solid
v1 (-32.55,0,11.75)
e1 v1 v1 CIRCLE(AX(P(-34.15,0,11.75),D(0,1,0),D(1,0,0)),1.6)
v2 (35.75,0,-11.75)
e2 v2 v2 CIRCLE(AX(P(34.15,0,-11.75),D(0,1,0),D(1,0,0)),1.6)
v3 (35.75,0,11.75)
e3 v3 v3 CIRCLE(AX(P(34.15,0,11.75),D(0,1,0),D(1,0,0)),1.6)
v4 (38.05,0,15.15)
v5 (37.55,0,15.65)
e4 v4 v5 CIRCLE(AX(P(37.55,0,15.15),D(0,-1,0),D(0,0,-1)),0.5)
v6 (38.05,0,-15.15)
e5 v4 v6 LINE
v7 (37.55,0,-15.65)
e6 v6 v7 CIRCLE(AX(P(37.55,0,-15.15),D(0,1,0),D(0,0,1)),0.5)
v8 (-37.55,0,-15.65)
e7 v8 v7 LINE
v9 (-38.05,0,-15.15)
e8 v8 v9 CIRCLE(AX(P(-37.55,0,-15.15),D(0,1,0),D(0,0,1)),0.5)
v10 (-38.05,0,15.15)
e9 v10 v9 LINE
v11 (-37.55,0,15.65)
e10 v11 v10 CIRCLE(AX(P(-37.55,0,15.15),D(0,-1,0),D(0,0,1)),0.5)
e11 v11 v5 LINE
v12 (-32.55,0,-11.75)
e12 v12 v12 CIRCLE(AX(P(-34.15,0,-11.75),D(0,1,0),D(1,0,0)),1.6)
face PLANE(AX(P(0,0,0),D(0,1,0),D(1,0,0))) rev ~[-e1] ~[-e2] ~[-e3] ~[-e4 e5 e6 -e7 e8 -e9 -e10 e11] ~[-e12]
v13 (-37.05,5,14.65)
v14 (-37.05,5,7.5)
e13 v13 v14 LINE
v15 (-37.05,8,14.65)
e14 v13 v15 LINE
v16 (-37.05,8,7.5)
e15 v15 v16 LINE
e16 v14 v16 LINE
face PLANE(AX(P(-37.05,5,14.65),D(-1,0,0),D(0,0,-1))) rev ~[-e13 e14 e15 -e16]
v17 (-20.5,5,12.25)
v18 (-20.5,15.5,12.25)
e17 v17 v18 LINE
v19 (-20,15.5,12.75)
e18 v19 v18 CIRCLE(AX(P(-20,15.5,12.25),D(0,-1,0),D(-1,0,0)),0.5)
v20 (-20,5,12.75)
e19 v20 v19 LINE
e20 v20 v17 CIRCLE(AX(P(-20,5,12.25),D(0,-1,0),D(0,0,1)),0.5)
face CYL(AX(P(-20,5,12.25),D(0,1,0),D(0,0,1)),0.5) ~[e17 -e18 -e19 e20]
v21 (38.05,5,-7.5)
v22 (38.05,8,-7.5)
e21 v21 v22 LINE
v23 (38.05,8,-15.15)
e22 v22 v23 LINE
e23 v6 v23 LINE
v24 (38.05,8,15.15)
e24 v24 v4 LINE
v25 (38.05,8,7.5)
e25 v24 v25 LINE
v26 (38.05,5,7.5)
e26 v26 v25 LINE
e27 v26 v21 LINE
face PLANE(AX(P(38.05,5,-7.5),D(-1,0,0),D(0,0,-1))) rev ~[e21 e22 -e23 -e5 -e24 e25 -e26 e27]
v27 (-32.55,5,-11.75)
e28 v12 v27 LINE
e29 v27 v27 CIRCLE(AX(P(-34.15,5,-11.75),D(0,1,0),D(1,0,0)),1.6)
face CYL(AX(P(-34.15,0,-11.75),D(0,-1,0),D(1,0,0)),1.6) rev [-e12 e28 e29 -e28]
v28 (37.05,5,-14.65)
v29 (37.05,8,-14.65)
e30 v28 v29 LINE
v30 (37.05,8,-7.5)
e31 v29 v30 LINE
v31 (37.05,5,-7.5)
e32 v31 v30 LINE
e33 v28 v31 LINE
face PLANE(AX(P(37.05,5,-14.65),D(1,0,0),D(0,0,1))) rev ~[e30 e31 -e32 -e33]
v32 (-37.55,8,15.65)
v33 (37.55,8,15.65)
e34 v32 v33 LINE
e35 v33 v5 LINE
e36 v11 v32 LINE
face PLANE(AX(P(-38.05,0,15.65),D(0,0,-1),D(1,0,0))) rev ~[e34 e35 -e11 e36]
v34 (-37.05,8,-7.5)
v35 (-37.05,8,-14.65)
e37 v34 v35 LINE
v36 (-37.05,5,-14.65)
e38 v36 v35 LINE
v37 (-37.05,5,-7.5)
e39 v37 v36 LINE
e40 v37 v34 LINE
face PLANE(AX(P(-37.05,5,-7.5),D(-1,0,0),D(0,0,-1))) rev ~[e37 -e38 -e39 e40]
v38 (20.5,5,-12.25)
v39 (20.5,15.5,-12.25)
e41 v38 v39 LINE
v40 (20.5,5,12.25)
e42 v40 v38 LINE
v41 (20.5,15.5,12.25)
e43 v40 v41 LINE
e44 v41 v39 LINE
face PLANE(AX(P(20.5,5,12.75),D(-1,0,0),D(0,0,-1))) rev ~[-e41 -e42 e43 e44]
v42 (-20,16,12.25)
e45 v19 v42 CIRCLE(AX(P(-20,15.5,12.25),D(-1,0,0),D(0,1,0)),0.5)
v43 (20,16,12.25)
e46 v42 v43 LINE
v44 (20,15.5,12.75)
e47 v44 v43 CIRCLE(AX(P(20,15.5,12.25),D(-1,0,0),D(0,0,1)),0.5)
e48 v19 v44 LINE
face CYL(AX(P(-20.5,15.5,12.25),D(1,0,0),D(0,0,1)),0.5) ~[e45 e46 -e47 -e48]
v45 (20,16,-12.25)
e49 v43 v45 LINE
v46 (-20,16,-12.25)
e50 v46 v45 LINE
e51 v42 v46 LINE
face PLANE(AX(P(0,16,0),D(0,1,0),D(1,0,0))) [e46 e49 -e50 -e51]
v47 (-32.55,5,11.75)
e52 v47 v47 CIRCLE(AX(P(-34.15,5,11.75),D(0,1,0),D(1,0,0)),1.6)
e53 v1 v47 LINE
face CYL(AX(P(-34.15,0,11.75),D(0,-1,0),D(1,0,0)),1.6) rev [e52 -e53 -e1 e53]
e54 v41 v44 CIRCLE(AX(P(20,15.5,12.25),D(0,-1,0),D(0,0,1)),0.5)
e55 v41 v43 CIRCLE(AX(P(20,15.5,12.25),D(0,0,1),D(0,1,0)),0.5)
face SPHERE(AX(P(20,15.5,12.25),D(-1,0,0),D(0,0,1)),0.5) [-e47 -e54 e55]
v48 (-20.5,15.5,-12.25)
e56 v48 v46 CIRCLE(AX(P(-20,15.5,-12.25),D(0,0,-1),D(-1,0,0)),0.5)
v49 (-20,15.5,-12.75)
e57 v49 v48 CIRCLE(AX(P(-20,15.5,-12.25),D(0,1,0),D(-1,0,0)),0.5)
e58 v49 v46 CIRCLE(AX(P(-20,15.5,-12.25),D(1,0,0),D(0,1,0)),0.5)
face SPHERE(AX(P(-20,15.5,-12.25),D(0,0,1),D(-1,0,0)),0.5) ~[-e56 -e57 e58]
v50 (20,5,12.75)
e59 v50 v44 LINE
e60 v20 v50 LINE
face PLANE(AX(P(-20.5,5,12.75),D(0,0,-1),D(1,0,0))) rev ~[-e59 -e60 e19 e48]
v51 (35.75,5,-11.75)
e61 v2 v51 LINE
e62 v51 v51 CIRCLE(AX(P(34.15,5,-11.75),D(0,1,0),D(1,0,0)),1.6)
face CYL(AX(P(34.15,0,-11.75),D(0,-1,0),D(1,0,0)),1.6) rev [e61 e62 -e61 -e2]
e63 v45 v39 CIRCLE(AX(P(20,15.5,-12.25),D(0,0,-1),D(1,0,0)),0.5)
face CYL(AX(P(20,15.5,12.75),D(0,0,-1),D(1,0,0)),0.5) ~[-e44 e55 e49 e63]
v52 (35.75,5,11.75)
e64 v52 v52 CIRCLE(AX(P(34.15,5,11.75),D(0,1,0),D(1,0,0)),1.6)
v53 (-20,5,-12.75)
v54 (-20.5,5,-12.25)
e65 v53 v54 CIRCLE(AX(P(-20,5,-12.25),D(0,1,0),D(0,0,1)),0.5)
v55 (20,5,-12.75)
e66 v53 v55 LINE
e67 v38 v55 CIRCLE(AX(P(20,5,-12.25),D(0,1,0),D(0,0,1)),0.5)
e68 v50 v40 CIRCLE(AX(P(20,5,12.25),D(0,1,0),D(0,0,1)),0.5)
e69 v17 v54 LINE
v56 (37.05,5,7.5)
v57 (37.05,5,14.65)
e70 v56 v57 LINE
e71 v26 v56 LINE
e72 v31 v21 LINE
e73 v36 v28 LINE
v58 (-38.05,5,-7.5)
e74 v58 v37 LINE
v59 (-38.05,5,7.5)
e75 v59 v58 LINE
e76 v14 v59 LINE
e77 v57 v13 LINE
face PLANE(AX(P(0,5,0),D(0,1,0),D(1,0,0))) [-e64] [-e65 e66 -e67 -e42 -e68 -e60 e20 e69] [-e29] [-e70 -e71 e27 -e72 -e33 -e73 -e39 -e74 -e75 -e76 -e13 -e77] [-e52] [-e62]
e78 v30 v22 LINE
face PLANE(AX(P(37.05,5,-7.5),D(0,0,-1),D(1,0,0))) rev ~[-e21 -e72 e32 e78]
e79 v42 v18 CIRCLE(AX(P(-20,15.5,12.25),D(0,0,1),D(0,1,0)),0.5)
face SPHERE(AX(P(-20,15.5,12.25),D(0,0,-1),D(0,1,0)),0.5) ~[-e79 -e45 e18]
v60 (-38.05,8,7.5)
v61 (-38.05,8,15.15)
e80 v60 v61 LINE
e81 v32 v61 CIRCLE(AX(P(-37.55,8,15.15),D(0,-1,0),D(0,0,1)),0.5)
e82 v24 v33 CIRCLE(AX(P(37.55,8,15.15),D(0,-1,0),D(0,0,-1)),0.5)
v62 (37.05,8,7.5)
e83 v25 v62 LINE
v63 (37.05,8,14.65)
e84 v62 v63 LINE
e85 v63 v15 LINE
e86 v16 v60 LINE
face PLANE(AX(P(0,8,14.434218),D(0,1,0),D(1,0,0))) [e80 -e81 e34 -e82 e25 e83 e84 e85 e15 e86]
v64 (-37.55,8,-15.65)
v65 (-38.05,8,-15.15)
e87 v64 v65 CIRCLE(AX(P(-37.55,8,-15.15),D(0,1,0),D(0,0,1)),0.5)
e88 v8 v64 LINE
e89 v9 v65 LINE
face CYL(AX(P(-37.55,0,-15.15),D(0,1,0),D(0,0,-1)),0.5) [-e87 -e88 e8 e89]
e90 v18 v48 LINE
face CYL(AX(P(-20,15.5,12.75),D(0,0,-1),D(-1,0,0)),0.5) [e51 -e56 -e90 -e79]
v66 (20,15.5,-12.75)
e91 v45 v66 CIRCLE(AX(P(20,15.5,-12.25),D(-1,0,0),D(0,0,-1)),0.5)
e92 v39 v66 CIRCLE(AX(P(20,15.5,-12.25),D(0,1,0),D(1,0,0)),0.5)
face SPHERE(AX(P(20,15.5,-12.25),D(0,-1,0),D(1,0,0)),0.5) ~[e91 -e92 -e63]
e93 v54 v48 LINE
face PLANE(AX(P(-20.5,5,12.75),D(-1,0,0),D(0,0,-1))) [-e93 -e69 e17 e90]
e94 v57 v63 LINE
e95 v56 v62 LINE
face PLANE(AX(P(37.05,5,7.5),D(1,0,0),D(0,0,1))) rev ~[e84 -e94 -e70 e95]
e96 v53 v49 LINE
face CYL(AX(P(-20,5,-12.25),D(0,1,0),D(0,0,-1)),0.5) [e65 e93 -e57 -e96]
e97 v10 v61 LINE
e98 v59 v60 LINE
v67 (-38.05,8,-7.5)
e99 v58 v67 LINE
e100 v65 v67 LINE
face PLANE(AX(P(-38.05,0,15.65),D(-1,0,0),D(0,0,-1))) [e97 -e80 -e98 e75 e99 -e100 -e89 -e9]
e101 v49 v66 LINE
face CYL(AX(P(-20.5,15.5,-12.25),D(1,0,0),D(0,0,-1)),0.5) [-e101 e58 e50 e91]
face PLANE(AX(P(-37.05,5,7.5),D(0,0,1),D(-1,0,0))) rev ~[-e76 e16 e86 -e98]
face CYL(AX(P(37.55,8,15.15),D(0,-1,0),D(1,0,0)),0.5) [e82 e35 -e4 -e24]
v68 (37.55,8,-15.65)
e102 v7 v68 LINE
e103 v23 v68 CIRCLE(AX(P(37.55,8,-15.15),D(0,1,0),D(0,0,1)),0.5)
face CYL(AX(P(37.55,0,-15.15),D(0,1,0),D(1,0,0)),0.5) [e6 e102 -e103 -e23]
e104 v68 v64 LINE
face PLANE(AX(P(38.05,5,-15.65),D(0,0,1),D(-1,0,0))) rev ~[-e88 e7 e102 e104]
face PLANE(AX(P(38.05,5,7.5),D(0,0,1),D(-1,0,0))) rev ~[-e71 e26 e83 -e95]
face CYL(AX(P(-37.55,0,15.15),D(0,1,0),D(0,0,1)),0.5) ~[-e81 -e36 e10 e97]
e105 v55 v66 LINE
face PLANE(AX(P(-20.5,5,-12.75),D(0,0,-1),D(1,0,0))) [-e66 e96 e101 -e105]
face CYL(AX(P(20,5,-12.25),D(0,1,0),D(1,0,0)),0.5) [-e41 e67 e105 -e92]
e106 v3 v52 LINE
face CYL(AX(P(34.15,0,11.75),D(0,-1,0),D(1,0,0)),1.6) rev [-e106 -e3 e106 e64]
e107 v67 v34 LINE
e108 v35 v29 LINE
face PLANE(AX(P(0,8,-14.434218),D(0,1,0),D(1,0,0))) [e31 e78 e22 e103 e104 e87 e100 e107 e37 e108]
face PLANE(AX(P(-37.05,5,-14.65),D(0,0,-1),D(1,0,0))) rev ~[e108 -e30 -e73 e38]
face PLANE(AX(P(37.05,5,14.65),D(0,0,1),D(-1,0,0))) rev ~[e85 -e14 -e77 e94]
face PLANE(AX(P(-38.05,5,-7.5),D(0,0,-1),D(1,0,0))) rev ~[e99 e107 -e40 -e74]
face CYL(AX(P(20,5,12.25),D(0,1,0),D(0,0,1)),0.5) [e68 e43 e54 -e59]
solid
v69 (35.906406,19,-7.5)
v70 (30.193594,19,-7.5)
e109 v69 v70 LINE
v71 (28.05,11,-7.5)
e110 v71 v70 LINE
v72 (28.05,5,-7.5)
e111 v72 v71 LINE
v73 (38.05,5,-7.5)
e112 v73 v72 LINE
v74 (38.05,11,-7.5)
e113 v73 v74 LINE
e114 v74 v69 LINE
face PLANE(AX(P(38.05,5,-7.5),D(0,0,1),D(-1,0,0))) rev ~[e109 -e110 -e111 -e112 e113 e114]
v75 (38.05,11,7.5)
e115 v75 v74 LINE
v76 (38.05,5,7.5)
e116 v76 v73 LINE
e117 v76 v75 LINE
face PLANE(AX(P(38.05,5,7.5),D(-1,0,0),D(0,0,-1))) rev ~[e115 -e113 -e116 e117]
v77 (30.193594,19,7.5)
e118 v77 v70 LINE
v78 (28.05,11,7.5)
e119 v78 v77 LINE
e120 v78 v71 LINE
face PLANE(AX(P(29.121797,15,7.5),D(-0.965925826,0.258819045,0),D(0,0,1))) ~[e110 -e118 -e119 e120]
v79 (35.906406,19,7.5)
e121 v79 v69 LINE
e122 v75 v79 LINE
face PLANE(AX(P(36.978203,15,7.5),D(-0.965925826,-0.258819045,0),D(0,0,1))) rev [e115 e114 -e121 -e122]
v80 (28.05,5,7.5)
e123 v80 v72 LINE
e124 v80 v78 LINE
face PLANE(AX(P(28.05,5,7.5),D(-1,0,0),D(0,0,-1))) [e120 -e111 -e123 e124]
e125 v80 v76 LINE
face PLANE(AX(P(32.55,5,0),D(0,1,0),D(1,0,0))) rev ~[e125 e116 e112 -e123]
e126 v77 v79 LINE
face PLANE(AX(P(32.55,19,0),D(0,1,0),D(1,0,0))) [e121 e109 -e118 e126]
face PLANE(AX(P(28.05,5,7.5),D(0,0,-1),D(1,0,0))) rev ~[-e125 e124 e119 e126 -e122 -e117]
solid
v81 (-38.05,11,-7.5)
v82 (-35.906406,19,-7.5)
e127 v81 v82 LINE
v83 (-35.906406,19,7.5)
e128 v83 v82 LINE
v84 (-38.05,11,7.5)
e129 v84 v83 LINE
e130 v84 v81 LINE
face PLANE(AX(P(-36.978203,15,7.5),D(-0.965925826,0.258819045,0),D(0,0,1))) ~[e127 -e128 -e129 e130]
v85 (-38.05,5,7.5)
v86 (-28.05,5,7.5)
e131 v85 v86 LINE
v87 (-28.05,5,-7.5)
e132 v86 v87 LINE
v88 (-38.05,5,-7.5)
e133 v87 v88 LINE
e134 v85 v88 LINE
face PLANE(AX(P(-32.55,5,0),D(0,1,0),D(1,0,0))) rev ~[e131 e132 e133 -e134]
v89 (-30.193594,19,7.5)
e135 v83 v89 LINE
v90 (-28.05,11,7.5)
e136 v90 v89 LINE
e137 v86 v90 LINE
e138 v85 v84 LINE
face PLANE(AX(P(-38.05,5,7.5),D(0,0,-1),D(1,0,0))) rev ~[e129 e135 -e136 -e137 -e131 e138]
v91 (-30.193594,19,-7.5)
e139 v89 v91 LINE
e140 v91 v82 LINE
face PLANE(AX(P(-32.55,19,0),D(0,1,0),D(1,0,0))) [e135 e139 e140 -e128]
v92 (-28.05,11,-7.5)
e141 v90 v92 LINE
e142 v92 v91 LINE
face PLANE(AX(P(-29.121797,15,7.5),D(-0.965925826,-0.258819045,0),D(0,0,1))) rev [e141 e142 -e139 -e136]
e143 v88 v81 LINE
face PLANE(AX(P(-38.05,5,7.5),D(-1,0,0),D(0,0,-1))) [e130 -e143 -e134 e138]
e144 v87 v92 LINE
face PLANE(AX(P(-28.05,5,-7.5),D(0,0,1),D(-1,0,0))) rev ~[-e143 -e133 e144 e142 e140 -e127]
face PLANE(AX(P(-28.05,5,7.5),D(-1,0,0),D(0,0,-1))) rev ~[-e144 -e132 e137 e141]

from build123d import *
from OCP.BRepFilletAPI import BRepFilletAPI_MakeChamfer

# Parameters (mm, degrees)
SKETCH1_W             = 76.1
SKETCH1_H             = 31.3
SKETCH1_R             = 1.6
BOSS_EXTRUDE1_DEPTH   = 5
BOSS_EXTRUDE2_DEPTH   = 3
SKETCH2_3_W           = 41
SKETCH2_3_H           = 25.5
BOSS_EXTRUDE3_DEPTH   = 11
SKETCH2_4_W           = 10
SKETCH2_4_H           = 15
BOSS_EXTRUDE4_DEPTH   = 14
BOSS_EXTRUDE4_2_DEPTH = 14
FILLET1_R             = 0.5
CHAMFER1_SIZE         = 8
CHAMFER1_SIZE2        = 2.143593539
CHAMFER2_SIZE         = 8
CHAMFER2_SIZE2        = 2.143593539


with BuildPart() as part:
    # Sketch1 → Boss-Extrude1 (new body)
    with BuildSketch(Plane(origin=(0, 0, 0), x_dir=(1, 0, 0), z_dir=(0, 1, 0))):
        Rectangle(SKETCH1_W, SKETCH1_H)
        with Locations((34.15, 11.75)):
            Circle(SKETCH1_R, mode=Mode.SUBTRACT)
        with Locations((34.15, -11.75)):
            Circle(SKETCH1_R, mode=Mode.SUBTRACT)
        with Locations((-34.15, -11.75)):
            Circle(SKETCH1_R, mode=Mode.SUBTRACT)
        with Locations((-34.15, 11.75)):
            Circle(SKETCH1_R, mode=Mode.SUBTRACT)
    extrude(amount=BOSS_EXTRUDE1_DEPTH)

    # Sketch2 → Boss-Extrude2 (add)
    with BuildSketch(Plane(origin=(0, 5, 0), x_dir=(1, 0, 0), z_dir=(0, 1, 0))):
        Polygon((-38.05, -15.65), (38.05, -15.65), (38.05, -7.5), (37.05, -7.5), (37.05, -14.65), (-37.05, -14.65), (-37.05, -7.5), (-38.05, -7.5), align=None)
        Polygon((37.05, 7.5), (38.05, 7.5), (38.05, 15.65), (-38.05, 15.65), (-38.05, 7.5), (-37.05, 7.5), (-37.05, 14.65), (37.05, 14.65), align=None)
    extrude(amount=BOSS_EXTRUDE2_DEPTH)

    # Sketch2<3> → Boss-Extrude3 (add)
    with BuildSketch(Plane(origin=(0, 5, 0), x_dir=(1, 0, 0), z_dir=(0, 1, 0))):
        Rectangle(SKETCH2_3_W, SKETCH2_3_H)
    extrude(amount=BOSS_EXTRUDE3_DEPTH)

    # Fillet1
    fillet1_edges = [part.edges().sort_by_distance(p)[0] for p in [
        (0, 16, -12.75),
        (-20.5, 16, 0),
        (0, 16, 12.75),
        (20.5, 16, 0),
        (20.5, 10.5, 12.75),
        (20.5, 10.5, -12.75),
        (-20.5, 10.5, -12.75),
        (-20.5, 10.5, 12.75),
        (-38.05, 4, 15.65),
        (-38.05, 4, -15.65),
        (38.05, 4, -15.65),
        (38.05, 4, 15.65),
    ]]
    fillet(fillet1_edges, radius=FILLET1_R)


with BuildPart() as body_2:
    # Sketch2<4> → Boss-Extrude4 (new body)
    with BuildSketch(Plane(origin=(0, 5, 0), x_dir=(1, 0, 0), z_dir=(0, 1, 0))):
        with Locations((33.05, 0)):
            Rectangle(SKETCH2_4_W, SKETCH2_4_H)
    extrude(amount=BOSS_EXTRUDE4_DEPTH)

    # Chamfer2: one chamfer whose edges measure the first distance from different faces: ONE call of the kernel's chamfer builder (chamfer() names one face for all edges)
    chamfer2_edges_1 = [body_2.edges().sort_by_distance(p)[0] for p in [
        (38.05, 19, 0),
    ]]
    chamfer2_side_1 = [body_2.faces().sort_by_distance(p)[0] for p in [
        (38.05, 12, 0),
    ]]
    chamfer2_edges_2 = [body_2.edges().sort_by_distance(p)[0] for p in [
        (28.05, 19, 0),
    ]]
    chamfer2_side_2 = [body_2.faces().sort_by_distance(p)[0] for p in [
        (28.05, 12, 0),
    ]]
    chamfer2 = BRepFilletAPI_MakeChamfer(body_2.part.solid().wrapped)
    for e in chamfer2_edges_1:
        chamfer2.Add(CHAMFER2_SIZE, CHAMFER2_SIZE2, e.wrapped, chamfer2_side_1[0].wrapped)  # the first distance lies on this face
    for e in chamfer2_edges_2:
        chamfer2.Add(CHAMFER2_SIZE, CHAMFER2_SIZE2, e.wrapped, chamfer2_side_2[0].wrapped)  # the first distance lies on this face
    add(Compound.cast(chamfer2.Shape()), mode=Mode.REPLACE)


with BuildPart() as body_3:
    # Sketch2<4> → Boss-Extrude4 2 (new body)
    with BuildSketch(Plane(origin=(0, 5, 0), x_dir=(1, 0, 0), z_dir=(0, 1, 0))):
        with Locations((-33.05, 0)):
            Rectangle(SKETCH2_4_W, SKETCH2_4_H)
    extrude(amount=BOSS_EXTRUDE4_2_DEPTH)

    # Chamfer1: one chamfer whose edges measure the first distance from different faces: ONE call of the kernel's chamfer builder (chamfer() names one face for all edges)
    chamfer1_edges_1 = [body_3.edges().sort_by_distance(p)[0] for p in [
        (-28.05, 19, 0),
    ]]
    chamfer1_side_1 = [body_3.faces().sort_by_distance(p)[0] for p in [
        (-28.05, 12, 0),
    ]]
    chamfer1_edges_2 = [body_3.edges().sort_by_distance(p)[0] for p in [
        (-38.05, 19, 0),
    ]]
    chamfer1_side_2 = [body_3.faces().sort_by_distance(p)[0] for p in [
        (-38.05, 12, 0),
    ]]
    chamfer1 = BRepFilletAPI_MakeChamfer(body_3.part.solid().wrapped)
    for e in chamfer1_edges_1:
        chamfer1.Add(CHAMFER1_SIZE, CHAMFER1_SIZE2, e.wrapped, chamfer1_side_1[0].wrapped)  # the first distance lies on this face
    for e in chamfer1_edges_2:
        chamfer1.Add(CHAMFER1_SIZE, CHAMFER1_SIZE2, e.wrapped, chamfer1_side_2[0].wrapped)  # the first distance lies on this face
    add(Compound.cast(chamfer1.Shape()), mode=Mode.REPLACE)


solid = Compound([part.part, body_2.part, body_3.part])
